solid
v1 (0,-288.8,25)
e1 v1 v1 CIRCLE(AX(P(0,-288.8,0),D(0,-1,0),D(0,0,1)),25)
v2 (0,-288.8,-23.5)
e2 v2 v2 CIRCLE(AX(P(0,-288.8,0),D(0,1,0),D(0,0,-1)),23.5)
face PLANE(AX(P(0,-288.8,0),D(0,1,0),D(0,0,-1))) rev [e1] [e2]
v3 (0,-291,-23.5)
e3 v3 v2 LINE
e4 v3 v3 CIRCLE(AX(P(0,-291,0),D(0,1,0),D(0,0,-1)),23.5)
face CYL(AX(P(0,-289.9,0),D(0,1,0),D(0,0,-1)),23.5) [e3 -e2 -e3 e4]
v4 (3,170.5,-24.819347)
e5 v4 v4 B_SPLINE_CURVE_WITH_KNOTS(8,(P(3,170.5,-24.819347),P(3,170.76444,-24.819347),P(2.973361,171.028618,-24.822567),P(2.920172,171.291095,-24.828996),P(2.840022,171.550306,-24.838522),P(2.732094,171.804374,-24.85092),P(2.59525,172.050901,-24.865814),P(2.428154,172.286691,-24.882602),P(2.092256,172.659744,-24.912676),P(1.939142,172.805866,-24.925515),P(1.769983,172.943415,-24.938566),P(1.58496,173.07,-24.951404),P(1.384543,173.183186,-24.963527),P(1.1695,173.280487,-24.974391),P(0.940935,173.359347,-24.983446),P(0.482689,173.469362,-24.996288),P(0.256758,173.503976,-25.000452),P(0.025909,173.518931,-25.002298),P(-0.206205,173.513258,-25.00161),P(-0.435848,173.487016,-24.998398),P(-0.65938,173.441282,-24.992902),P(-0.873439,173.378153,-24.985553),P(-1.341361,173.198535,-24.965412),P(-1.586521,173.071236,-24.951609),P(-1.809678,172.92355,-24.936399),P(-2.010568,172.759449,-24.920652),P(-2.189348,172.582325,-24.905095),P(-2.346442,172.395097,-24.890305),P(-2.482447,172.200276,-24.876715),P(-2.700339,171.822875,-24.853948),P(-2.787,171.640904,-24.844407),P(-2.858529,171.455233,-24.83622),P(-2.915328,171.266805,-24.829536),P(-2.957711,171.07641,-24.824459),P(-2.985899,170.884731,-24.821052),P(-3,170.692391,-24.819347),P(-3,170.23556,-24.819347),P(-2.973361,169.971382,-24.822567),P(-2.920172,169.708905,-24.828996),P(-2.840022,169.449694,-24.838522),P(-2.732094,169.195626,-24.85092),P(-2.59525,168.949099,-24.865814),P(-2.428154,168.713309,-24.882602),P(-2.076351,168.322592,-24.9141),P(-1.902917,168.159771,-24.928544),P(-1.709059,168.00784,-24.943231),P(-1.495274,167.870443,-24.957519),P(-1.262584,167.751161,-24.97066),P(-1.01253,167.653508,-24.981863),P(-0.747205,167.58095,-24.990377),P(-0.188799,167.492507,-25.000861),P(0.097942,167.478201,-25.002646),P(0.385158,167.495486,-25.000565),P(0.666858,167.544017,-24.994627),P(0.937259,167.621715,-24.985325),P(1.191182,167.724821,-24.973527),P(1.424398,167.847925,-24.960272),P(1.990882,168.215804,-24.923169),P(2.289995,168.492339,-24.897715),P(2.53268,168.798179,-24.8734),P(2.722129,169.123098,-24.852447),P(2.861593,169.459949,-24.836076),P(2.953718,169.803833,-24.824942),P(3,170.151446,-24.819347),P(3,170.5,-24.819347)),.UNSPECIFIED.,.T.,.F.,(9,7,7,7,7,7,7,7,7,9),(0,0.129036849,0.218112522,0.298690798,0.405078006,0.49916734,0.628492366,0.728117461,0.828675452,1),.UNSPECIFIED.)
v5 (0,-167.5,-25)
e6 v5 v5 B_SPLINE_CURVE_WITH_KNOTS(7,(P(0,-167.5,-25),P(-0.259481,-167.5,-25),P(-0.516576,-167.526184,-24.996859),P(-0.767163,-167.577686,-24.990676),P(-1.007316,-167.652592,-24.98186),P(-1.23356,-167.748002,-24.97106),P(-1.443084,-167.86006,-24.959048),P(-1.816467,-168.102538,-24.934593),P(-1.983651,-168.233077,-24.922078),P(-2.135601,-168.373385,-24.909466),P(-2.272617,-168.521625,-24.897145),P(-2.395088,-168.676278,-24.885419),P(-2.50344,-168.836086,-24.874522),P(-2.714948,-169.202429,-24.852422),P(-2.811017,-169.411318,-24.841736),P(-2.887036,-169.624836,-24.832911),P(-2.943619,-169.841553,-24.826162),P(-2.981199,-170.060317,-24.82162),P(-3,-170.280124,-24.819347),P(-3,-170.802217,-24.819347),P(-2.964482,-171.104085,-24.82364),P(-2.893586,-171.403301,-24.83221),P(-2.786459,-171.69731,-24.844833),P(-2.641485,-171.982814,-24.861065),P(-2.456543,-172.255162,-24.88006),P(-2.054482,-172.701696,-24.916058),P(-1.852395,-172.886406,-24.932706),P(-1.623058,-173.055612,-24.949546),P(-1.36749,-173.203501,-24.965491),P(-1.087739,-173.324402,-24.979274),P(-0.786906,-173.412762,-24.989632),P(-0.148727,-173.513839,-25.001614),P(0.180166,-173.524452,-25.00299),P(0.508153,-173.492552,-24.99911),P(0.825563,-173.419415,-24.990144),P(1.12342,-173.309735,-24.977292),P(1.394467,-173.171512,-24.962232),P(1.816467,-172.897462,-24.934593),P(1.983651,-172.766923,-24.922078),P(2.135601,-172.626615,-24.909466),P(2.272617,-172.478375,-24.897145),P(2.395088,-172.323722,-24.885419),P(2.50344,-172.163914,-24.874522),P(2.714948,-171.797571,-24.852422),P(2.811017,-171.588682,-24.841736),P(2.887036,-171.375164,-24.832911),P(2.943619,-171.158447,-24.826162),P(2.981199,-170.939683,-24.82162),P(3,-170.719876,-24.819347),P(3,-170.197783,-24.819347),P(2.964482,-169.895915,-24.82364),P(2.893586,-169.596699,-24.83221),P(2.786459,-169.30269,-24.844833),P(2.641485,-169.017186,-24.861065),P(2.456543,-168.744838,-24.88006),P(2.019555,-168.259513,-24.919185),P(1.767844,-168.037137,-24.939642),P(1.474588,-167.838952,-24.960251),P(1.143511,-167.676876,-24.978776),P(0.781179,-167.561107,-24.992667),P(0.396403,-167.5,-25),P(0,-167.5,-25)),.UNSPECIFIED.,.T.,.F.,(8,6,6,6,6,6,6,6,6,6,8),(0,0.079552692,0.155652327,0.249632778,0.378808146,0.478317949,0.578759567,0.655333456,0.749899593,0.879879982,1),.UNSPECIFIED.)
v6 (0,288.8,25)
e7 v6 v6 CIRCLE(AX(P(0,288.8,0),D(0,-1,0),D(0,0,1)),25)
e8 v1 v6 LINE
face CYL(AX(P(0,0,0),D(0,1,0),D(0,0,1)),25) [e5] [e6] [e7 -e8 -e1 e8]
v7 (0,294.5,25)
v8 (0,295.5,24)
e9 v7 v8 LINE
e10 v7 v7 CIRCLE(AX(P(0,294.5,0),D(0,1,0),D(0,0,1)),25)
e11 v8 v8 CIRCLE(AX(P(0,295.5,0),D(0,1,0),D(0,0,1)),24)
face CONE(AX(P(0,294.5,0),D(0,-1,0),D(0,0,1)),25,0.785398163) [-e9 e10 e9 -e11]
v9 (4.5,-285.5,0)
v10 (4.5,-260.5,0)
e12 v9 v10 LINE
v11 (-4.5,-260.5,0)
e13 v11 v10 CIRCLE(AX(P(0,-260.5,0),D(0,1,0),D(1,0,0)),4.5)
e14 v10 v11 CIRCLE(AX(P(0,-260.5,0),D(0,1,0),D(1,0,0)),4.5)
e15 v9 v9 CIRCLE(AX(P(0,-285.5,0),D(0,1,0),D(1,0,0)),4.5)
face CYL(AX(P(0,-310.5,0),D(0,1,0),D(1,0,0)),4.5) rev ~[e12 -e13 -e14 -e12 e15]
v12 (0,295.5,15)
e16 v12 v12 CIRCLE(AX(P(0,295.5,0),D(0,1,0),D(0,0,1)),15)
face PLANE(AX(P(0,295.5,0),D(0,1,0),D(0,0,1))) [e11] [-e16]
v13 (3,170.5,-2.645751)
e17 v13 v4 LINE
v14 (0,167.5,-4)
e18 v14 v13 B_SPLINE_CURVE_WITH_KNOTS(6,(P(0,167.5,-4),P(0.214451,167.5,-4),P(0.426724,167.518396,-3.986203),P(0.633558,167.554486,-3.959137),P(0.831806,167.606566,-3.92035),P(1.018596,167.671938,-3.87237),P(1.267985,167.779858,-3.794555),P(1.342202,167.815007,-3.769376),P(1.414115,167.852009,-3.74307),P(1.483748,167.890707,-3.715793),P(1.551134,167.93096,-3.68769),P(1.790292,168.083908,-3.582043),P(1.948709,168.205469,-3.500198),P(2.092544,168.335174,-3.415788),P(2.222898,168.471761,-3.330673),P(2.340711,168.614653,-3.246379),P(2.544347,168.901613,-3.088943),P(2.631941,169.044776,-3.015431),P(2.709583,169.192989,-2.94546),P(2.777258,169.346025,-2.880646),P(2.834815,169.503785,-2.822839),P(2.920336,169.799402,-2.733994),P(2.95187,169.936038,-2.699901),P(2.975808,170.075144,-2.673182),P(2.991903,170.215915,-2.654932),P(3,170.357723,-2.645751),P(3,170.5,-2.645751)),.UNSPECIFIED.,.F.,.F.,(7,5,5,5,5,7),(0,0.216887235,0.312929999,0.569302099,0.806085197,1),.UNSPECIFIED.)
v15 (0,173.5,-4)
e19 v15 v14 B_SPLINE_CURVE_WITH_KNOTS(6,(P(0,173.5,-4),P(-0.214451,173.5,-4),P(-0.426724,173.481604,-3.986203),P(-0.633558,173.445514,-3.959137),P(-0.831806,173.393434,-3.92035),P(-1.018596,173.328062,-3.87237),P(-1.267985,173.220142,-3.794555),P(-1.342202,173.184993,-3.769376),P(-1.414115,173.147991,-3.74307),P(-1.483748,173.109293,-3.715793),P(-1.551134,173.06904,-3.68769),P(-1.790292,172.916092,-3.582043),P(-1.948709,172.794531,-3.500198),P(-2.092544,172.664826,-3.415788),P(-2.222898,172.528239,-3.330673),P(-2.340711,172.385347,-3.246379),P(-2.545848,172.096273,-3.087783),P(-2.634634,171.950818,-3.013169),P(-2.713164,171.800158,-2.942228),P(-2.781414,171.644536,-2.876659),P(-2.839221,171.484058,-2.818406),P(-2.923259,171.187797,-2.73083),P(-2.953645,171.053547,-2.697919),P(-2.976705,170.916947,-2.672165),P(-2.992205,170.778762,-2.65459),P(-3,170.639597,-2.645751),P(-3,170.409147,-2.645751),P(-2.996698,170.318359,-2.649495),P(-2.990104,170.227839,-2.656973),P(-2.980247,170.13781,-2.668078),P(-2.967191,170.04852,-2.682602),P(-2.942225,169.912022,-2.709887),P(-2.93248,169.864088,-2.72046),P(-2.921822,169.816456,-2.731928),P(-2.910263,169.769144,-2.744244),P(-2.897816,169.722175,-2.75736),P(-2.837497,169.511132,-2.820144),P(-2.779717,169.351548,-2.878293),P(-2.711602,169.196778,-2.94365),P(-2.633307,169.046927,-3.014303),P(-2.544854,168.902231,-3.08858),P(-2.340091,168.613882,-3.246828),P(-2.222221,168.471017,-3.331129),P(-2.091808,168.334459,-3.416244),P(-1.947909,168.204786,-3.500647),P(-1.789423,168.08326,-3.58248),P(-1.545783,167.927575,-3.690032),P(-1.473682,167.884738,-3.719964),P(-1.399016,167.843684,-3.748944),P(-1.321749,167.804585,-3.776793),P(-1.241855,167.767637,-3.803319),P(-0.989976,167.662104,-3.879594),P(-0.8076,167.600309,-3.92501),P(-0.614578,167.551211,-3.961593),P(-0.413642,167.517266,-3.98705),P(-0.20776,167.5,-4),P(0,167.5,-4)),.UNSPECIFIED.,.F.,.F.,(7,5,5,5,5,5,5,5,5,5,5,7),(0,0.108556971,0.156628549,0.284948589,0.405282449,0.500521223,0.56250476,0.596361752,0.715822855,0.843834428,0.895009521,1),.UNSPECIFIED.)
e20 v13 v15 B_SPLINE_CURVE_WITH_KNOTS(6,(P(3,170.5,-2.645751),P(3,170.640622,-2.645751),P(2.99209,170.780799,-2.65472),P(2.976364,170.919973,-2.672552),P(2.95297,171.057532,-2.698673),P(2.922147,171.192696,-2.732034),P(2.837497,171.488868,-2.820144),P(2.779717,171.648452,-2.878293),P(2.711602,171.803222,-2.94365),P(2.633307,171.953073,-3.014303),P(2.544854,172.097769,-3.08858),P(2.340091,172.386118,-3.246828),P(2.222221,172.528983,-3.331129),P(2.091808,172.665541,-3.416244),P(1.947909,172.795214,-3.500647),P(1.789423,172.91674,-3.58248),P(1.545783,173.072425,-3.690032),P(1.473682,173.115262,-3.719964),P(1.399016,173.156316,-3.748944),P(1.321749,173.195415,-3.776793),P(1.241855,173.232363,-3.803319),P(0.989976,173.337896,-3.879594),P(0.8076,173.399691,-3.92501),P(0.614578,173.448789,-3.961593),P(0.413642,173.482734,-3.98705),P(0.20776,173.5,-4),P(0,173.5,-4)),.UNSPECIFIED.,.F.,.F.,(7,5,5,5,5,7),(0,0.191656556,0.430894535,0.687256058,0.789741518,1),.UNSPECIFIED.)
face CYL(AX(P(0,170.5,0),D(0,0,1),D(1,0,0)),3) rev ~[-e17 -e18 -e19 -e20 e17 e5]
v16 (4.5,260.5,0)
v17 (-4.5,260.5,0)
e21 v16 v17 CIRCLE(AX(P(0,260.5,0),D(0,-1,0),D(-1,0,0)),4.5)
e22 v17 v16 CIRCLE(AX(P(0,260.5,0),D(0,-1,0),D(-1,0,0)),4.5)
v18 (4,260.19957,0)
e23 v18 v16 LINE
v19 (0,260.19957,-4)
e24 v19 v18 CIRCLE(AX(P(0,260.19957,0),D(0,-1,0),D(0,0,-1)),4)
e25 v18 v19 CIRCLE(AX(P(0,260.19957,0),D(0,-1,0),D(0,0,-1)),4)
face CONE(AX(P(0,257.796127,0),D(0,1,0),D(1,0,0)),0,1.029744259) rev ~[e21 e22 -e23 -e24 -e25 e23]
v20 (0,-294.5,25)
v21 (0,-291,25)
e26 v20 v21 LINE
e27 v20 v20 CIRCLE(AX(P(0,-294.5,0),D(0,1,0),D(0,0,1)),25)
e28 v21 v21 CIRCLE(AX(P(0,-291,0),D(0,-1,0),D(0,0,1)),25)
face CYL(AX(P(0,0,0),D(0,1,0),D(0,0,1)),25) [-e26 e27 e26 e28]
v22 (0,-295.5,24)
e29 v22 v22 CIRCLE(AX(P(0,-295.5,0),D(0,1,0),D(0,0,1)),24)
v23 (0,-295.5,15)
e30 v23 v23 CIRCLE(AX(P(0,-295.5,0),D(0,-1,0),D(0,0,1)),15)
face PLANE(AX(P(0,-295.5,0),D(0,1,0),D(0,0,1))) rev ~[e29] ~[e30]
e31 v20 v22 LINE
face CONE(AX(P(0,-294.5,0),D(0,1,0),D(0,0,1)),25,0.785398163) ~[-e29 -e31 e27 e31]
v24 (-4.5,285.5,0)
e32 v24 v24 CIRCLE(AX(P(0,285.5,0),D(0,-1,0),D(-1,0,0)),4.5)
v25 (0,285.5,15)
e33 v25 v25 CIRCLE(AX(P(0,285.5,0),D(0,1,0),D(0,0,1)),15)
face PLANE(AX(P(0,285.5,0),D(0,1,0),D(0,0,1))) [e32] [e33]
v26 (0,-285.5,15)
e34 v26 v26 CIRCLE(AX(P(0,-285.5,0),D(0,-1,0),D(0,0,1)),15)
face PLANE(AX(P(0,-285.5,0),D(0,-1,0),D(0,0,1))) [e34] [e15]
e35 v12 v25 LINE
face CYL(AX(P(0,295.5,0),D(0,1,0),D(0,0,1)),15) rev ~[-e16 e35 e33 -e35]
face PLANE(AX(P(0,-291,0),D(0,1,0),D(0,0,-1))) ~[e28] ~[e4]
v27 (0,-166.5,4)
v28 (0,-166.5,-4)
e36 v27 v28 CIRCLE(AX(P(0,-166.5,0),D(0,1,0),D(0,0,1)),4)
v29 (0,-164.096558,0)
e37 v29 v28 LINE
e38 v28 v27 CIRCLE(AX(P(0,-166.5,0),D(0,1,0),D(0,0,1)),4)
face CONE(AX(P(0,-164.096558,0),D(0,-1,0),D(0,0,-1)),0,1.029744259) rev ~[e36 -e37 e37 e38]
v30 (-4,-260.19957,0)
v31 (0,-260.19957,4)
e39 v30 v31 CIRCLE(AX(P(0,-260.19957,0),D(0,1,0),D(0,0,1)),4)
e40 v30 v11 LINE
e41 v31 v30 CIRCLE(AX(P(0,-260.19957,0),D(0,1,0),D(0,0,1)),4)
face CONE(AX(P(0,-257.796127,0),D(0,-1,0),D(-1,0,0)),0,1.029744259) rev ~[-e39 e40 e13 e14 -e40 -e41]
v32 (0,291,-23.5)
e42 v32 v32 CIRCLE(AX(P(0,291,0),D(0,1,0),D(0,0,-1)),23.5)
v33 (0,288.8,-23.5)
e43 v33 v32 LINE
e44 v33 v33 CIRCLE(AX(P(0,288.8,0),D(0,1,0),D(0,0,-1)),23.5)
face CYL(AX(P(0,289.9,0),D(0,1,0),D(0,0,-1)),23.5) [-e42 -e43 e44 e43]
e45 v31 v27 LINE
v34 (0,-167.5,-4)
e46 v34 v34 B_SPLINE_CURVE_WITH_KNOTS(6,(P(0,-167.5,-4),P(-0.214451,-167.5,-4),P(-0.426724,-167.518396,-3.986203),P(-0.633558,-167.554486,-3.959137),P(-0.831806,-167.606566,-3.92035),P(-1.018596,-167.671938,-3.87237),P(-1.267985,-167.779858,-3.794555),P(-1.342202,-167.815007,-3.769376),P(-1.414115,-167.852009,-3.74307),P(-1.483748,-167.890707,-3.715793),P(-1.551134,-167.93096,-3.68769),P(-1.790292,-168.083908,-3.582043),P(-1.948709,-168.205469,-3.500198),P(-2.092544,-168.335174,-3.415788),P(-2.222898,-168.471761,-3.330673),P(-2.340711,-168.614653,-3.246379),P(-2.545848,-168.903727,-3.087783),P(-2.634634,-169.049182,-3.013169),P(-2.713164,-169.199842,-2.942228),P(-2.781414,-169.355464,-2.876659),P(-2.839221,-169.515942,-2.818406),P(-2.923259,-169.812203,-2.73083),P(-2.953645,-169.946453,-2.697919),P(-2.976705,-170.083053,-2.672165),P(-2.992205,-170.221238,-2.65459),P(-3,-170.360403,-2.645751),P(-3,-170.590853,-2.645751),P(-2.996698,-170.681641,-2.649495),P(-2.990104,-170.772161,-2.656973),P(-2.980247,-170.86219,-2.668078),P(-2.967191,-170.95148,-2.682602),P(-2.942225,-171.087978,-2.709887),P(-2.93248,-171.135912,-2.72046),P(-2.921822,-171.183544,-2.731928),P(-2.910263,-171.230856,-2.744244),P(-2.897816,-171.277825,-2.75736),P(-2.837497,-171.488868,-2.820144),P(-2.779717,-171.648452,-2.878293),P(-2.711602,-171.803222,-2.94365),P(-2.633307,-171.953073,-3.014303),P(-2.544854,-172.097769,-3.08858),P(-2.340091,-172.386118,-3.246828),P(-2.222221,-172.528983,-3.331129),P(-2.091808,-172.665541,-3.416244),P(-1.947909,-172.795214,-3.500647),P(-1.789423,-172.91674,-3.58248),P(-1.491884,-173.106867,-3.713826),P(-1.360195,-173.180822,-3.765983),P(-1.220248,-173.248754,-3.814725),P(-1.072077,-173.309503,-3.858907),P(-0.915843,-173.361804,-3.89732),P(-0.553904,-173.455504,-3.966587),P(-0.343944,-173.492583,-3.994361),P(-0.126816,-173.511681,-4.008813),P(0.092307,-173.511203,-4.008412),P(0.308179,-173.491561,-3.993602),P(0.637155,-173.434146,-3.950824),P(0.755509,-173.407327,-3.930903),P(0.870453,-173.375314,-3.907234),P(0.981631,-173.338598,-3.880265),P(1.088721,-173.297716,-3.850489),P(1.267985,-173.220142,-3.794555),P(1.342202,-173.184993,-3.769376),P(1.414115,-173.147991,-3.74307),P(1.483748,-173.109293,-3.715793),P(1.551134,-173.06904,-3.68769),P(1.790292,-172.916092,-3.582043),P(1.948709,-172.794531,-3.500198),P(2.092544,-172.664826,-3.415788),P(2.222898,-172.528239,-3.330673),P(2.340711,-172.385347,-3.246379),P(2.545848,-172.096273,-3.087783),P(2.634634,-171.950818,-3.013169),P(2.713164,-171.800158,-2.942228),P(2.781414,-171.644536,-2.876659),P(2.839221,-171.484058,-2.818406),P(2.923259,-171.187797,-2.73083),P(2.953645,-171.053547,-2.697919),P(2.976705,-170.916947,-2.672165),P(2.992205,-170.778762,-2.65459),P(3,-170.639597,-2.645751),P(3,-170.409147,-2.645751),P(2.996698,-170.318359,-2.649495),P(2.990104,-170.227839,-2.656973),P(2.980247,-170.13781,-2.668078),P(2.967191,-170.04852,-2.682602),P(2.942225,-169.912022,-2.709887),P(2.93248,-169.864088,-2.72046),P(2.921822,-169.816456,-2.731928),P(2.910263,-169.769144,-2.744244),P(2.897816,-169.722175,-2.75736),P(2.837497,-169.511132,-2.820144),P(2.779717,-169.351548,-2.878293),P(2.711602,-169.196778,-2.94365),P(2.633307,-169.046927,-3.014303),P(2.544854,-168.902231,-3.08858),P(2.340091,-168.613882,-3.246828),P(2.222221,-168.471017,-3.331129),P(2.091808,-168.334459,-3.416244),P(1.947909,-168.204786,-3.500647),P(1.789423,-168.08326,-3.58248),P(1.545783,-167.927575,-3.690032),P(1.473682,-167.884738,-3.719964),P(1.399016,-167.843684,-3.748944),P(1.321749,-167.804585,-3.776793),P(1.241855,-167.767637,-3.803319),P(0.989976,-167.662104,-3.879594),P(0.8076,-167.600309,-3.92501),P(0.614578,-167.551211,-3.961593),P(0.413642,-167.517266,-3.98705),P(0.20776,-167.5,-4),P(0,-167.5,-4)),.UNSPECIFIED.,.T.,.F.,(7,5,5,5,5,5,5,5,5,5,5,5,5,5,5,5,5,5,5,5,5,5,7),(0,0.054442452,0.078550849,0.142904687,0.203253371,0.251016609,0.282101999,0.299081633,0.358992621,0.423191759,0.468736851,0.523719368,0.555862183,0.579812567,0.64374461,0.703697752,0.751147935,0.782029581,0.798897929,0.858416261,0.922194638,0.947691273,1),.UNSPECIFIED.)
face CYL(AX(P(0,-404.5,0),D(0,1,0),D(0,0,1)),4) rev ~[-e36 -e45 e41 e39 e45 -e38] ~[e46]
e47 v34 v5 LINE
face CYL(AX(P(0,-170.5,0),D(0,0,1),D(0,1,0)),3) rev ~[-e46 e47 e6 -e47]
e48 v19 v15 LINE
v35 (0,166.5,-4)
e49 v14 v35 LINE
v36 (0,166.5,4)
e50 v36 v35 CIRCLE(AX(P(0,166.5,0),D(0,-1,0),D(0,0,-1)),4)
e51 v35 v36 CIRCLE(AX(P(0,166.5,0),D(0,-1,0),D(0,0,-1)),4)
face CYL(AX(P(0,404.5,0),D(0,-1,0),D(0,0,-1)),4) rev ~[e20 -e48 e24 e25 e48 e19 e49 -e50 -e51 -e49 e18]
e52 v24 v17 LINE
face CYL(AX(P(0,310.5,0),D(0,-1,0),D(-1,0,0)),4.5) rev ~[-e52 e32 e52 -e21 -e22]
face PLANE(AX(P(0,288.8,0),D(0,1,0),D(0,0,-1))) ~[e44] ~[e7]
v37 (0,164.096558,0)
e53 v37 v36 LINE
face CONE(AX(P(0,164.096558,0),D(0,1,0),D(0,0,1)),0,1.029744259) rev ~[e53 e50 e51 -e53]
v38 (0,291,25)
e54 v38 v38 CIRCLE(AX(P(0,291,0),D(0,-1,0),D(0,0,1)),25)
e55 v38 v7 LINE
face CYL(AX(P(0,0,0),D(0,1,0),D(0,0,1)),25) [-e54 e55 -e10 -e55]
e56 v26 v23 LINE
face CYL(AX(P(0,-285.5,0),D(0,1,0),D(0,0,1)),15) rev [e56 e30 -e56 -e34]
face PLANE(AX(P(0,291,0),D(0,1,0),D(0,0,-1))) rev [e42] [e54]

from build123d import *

# Parameters (mm, degrees)
SKETCH_1_R                = 25
EXTRUDE_1_DEPTH           = 295.5
SKETCH_2_R                = 15
CUT_EXTRUDE_1_DEPTH       = 10
HOLE_WIZARD_8_0_8_1_D     = 8
HOLE_WIZARD_8_0_8_1_DEPTH = 119
HOLE_WIZARD_8_0_8_1_TIP   = 2.403442476
SKETCH_5_R                = 3
CUT_EXTRUDE_2_DEPTH       = 100
M10X1_0_1_D               = 9
M10X1_0_1_DEPTH           = 25
M10X1_0_1_TIP             = 2.703872786
CUT_EXTRUDE_START         = -10
SKETCH_8_R                = 15
CUT_EXTRUDE_3_DEPTH       = 10
HOLE_WIZARD_8_0_8_2_D     = 8
HOLE_WIZARD_8_0_8_2_DEPTH = 119
HOLE_WIZARD_8_0_8_2_TIP   = 2.403442476
M10X1_0_2_D               = 9
M10X1_0_2_DEPTH           = 25
M10X1_0_2_TIP             = 2.703872786
SKETCH_12_R               = 3
CUT_EXTRUDE_4_DEPTH       = 51
CHAMFER_1_SIZE            = 1
SKETCH_14_W               = 1.5
SKETCH_14_H               = 2.2


with BuildPart() as part:
    # 草图1 → 凸台-拉伸1 (new, symmetric)
    with BuildSketch(Plane(origin=(0, 0, 0), x_dir=(1, 0, 0), z_dir=(0, 1, 0))):
        with Locations(Location((0, 0, 0), (0, 0, 270))):
            Circle(SKETCH_1_R)
    extrude(amount=EXTRUDE_1_DEPTH, both=True)

    # 草图2 → 切除-拉伸1 (cut)
    with BuildSketch(Plane(origin=(0, 295.5, 0), x_dir=(1, 0, 0), z_dir=(0, 1, 0))):
        with Locations(Location((0, 0, 0), (0, 0, 270))):
            Circle(SKETCH_2_R)
    extrude(amount=-CUT_EXTRUDE_1_DEPTH, mode=Mode.SUBTRACT)

    # Ø8.0 (8) 直径孔1
    with Locations(Plane.ZX.offset(285.5)):
        with Locations((0, 0)):
            Hole(HOLE_WIZARD_8_0_8_1_D / 2, depth=HOLE_WIZARD_8_0_8_1_DEPTH)
            with Locations((0, 0, -(HOLE_WIZARD_8_0_8_1_DEPTH + HOLE_WIZARD_8_0_8_1_TIP / 2))):  # 118° drill point
                Cone(0, HOLE_WIZARD_8_0_8_1_D / 2, HOLE_WIZARD_8_0_8_1_TIP, mode=Mode.SUBTRACT)

    # 草图5 → 切除-拉伸2 (cut)
    with BuildSketch(Plane.XY):
        with Locations((0, 170.5)):
            Circle(SKETCH_5_R)
    extrude(amount=-CUT_EXTRUDE_2_DEPTH, mode=Mode.SUBTRACT)

    # M10x1.0 螺纹孔1
    with Locations(Plane(origin=(0, 285.5, 0), x_dir=(1, 0, 0), z_dir=(0, 1, 0))):
        with Locations((0, 0)):
            Hole(M10X1_0_1_D / 2, depth=M10X1_0_1_DEPTH)
            with Locations((0, 0, -(M10X1_0_1_DEPTH + M10X1_0_1_TIP / 2))):  # 118° drill point
                Cone(0, M10X1_0_1_D / 2, M10X1_0_1_TIP, mode=Mode.SUBTRACT)

    # 草图8 → 切除-拉伸3 (cut)
    with BuildSketch(Plane.XZ.offset(295.5).offset(CUT_EXTRUDE_START)):
        with Locations(Location((0, 0, 0), (0, 0, 90))):
            Circle(SKETCH_8_R)
    extrude(amount=CUT_EXTRUDE_3_DEPTH, mode=Mode.SUBTRACT)

    # Ø8.0 (8) 直径孔2
    with Locations(Plane(origin=(0, -285.5, 0), x_dir=(0, 0, -1), z_dir=(0, -1, 0))):
        with Locations((0, 0)):
            Hole(HOLE_WIZARD_8_0_8_2_D / 2, depth=HOLE_WIZARD_8_0_8_2_DEPTH)
            with Locations((0, 0, -(HOLE_WIZARD_8_0_8_2_DEPTH + HOLE_WIZARD_8_0_8_2_TIP / 2))):  # 118° drill point
                Cone(0, HOLE_WIZARD_8_0_8_2_D / 2, HOLE_WIZARD_8_0_8_2_TIP, mode=Mode.SUBTRACT)

    # M10x1.0 螺纹孔2
    with Locations(Plane(origin=(0, -285.5, 0), x_dir=(-1, 0, 0), z_dir=(0, -1, 0))):
        with Locations((0, 0)):
            Hole(M10X1_0_2_D / 2, depth=M10X1_0_2_DEPTH)
            with Locations((0, 0, -(M10X1_0_2_DEPTH + M10X1_0_2_TIP / 2))):  # 118° drill point
                Cone(0, M10X1_0_2_D / 2, M10X1_0_2_TIP, mode=Mode.SUBTRACT)

    # 草图12 → 切除-拉伸4 (cut)
    with BuildSketch(Plane.XY):
        with Locations(Location((0, -170.5, 0), (0, 0, 90))):
            Circle(SKETCH_12_R)
    extrude(amount=-CUT_EXTRUDE_4_DEPTH, mode=Mode.SUBTRACT)

    # 倒角1
    chamfer_1_edges = [part.edges().sort_by_distance(p)[0] for p in [
        (0, -295.5, -25),
        (0, 295.5, -25),
    ]]
    chamfer(chamfer_1_edges, length=CHAMFER_1_SIZE)

    # 草图14 → 切除-旋转1 (revolve, cut)
    with BuildSketch(Plane(origin=(0, 0, 0), x_dir=(0, 0, -1), z_dir=(1, 0, 0))):
        with Locations((24.25, 289.9)):
            Rectangle(SKETCH_14_W, SKETCH_14_H)
        with Locations((24.25, -289.9)):
            Rectangle(SKETCH_14_W, SKETCH_14_H)
    revolve(axis=Axis((0, 0, 0), (0, 1, 0)), mode=Mode.SUBTRACT)


solid = part.part
